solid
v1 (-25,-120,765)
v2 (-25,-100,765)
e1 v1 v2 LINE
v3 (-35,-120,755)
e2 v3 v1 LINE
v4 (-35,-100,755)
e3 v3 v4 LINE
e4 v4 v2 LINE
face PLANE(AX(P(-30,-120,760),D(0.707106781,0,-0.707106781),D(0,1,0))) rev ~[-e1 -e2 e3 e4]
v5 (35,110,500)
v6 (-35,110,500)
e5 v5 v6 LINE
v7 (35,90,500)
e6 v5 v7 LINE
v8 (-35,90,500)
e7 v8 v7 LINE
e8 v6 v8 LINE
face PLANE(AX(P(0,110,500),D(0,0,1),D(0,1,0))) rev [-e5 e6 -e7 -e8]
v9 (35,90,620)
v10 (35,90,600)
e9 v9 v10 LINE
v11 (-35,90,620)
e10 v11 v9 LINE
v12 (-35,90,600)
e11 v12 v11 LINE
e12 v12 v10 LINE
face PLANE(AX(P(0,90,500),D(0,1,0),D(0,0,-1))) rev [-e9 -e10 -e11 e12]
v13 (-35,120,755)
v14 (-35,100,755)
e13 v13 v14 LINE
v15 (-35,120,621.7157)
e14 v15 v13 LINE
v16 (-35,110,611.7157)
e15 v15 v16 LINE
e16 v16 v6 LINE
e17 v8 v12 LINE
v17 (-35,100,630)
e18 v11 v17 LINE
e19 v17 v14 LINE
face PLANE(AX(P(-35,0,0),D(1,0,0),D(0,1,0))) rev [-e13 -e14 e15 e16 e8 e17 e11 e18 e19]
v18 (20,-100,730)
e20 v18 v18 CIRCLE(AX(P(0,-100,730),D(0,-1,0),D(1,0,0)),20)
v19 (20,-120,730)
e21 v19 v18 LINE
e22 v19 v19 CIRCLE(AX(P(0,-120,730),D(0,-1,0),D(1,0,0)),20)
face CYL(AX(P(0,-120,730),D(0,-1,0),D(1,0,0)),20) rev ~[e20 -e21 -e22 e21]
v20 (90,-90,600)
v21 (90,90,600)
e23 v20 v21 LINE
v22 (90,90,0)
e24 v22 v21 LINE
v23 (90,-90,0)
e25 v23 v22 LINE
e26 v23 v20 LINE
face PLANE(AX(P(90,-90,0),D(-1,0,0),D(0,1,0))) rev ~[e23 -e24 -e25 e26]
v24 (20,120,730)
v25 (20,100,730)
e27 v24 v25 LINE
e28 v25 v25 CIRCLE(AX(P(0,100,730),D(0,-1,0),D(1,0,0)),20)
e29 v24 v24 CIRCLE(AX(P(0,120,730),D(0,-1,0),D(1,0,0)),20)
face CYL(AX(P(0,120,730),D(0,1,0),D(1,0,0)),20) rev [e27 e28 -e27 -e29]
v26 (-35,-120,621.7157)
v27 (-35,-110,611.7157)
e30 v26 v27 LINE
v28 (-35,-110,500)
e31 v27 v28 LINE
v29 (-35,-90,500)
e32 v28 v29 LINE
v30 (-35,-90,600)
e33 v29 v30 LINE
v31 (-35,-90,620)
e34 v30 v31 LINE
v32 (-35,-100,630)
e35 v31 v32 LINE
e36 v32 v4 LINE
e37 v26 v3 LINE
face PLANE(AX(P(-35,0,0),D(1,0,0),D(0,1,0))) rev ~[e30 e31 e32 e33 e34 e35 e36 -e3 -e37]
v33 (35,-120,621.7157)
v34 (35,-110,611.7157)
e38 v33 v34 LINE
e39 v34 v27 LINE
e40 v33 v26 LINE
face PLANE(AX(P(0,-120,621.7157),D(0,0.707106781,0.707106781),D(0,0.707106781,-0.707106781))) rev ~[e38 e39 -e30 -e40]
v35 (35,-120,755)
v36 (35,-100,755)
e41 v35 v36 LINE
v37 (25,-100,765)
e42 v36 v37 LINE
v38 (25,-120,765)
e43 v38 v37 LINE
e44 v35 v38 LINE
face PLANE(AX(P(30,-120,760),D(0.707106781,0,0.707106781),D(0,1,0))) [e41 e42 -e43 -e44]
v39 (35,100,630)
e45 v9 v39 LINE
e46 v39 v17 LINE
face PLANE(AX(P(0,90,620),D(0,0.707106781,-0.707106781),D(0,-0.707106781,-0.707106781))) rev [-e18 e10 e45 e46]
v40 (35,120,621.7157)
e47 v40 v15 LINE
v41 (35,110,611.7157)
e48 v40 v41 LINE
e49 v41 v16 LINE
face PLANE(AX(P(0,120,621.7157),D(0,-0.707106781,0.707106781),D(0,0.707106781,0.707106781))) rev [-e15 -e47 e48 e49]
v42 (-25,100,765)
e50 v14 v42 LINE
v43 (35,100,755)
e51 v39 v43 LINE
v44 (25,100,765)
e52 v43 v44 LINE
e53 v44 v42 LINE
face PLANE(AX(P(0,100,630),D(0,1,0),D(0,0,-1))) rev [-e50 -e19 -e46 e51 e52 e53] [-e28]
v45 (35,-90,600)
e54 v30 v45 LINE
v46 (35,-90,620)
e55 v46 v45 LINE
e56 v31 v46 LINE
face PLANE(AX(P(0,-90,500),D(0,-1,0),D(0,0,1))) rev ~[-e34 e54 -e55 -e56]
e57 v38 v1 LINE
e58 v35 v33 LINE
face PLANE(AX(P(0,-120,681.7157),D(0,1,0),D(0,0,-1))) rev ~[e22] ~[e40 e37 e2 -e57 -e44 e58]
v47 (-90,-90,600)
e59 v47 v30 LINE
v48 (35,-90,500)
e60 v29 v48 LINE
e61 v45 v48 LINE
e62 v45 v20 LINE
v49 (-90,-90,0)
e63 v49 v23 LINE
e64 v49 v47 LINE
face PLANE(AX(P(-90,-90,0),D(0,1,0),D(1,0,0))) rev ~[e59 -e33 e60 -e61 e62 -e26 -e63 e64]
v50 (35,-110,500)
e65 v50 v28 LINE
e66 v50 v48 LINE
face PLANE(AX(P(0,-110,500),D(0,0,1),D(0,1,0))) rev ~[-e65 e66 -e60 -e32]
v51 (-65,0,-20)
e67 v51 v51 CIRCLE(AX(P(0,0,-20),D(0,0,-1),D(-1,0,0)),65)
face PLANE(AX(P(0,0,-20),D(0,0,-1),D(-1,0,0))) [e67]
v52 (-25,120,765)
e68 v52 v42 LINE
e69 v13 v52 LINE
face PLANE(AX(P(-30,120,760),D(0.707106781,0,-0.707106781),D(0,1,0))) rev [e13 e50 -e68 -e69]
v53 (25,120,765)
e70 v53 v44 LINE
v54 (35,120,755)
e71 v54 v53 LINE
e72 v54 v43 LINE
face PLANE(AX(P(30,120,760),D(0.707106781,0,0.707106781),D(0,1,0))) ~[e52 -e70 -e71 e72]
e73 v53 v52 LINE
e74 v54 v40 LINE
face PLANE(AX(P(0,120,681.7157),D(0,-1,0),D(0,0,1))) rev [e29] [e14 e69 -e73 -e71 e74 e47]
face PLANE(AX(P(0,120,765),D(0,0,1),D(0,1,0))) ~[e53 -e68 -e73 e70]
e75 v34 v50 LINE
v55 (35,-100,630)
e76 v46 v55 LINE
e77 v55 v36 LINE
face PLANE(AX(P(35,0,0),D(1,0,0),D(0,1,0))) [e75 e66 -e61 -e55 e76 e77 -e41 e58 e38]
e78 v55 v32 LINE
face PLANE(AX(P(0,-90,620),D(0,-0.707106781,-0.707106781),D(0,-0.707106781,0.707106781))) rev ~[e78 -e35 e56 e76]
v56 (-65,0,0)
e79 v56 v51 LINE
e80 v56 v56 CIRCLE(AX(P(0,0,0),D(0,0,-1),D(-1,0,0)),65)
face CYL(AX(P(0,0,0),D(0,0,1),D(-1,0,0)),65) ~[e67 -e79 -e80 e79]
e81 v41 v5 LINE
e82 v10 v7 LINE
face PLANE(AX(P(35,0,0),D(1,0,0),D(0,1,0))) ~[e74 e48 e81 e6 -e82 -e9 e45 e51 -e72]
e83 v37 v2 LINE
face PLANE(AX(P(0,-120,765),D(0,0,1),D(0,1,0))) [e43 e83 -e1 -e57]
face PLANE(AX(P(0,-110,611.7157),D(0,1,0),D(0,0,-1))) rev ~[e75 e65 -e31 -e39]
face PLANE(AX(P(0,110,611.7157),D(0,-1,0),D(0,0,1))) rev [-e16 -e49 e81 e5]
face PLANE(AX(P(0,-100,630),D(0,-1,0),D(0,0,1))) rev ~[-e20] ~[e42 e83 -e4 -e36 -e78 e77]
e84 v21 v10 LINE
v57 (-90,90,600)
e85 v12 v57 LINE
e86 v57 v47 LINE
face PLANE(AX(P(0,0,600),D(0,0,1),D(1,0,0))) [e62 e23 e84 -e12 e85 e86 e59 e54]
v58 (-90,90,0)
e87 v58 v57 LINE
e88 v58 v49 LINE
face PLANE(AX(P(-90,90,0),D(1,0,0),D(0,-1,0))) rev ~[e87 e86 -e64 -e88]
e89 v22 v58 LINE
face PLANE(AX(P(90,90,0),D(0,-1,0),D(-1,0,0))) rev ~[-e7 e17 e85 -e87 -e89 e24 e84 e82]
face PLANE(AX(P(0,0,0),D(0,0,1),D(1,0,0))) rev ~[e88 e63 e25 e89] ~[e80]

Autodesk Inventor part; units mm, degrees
ref_plane "YZ Plane" through (0, 0, 0) normal (1, 0, 0) x (0, 1, 0)
ref_plane "XZ Plane" through (0, 0, 0) normal (0, 1, 0) x (-1, 0, 0)
ref_plane "XY Plane" through (0, 0, 0) normal (0, 0, 1) x (1, 0, 0)
sketch "Náčrt1" plane through (0, 0, 0) normal (0, 0, 1) x (1, 0, 0)
  line L0 (-90, -90) -> (90, -90)
  line L1 (90, -90) -> (90, 90)
  line L2 (90, 90) -> (-90, 90)
  line L3 (-90, 90) -> (-90, -90)
  line L4 (-90, -90) -> (90, 90) construction
  line L5 (90, -90) -> (-90, 90) construction
  point P0 (0, 0)
  dimension "d0" = 180
extrude "Vysunutí1" add sketch "Náčrt1" along normal blind 600
sketch "Náčrt2" plane through (0, 0, 0) normal (1, 0, 0) x (0, 1, 0)
  line L0 (-90, 0) -> (-90, 600) projected
  line L1 (-100, 630) -> (-100, 765)
  line L2 (-120, 681.7157) -> (-120, 540)
  line L3 (-90, 600) -> (90, 600) projected
  line L4 (0, 600) -> (0, 773.8359) construction
  line L5 (-90, 0) -> (90, 0) projected
  line L6 (-90, 500) -> (-90, 620)
  line L7 (-90, 620) -> (-100, 630)
  line L8 (-120, 765) -> (-120, 621.7157)
  line L9 (-120, 621.7157) -> (-110, 611.7157)
  line L10 (-110, 611.7157) -> (-110, 500)
  line L11 (-120, 765) -> (-100, 765)
  line L12 (-110, 500) -> (-90, 500)
  line L13 (-120, 730) -> (-100, 730) construction
  point P0 (0, 0)
  dimension "d5" = 100
  dimension "d22" = 135
  dimension "d24" = 20
  dimension "d26" = 20
  dimension "d35" = 35
  dimension "d36" = 130
  dimension "d37" = 100
extrude "Vysunutí2" add sketch "Náčrt2" along normal mid plane 70
sketch "Náčrt3" plane through (-30, -120, 582.0978) normal (0, -1, 0) x (1, 0, 0)
  line L0 (-5, 182.9022) -> (65, 182.9022) projected
  line L1 (30, 182.9022) -> (30, 119.5637) construction
  circle A0 centre (30, 147.9022) radius 20
  point P0 (30, -582.0978)
  dimension "d11" = 40
  dimension "d12" = 35
  dimension "d25" = 70
extrude "Vysunutí3" cut sketch "Náčrt3" against normal blind 60
chamfer "Zkosení1" distance 10 angle 45 2 edges at (35, -110, 765) (-35, -110, 765)
mirror "Zrcadlit1" about plane through (0, 0, 0) normal (0, 1, 0)
sketch "Náčrt5" plane through (0, 0, 0) normal (0, 0, -1) x (-1, 0, 0)
  circle A0 centre (0, 0) radius 65
  dimension "d40" = 130
extrude "Vysunutí5" add sketch "Náčrt5" along normal blind 20
equation "\"d12\" = 0.5 * d25"
properties part number "B6-A2"
